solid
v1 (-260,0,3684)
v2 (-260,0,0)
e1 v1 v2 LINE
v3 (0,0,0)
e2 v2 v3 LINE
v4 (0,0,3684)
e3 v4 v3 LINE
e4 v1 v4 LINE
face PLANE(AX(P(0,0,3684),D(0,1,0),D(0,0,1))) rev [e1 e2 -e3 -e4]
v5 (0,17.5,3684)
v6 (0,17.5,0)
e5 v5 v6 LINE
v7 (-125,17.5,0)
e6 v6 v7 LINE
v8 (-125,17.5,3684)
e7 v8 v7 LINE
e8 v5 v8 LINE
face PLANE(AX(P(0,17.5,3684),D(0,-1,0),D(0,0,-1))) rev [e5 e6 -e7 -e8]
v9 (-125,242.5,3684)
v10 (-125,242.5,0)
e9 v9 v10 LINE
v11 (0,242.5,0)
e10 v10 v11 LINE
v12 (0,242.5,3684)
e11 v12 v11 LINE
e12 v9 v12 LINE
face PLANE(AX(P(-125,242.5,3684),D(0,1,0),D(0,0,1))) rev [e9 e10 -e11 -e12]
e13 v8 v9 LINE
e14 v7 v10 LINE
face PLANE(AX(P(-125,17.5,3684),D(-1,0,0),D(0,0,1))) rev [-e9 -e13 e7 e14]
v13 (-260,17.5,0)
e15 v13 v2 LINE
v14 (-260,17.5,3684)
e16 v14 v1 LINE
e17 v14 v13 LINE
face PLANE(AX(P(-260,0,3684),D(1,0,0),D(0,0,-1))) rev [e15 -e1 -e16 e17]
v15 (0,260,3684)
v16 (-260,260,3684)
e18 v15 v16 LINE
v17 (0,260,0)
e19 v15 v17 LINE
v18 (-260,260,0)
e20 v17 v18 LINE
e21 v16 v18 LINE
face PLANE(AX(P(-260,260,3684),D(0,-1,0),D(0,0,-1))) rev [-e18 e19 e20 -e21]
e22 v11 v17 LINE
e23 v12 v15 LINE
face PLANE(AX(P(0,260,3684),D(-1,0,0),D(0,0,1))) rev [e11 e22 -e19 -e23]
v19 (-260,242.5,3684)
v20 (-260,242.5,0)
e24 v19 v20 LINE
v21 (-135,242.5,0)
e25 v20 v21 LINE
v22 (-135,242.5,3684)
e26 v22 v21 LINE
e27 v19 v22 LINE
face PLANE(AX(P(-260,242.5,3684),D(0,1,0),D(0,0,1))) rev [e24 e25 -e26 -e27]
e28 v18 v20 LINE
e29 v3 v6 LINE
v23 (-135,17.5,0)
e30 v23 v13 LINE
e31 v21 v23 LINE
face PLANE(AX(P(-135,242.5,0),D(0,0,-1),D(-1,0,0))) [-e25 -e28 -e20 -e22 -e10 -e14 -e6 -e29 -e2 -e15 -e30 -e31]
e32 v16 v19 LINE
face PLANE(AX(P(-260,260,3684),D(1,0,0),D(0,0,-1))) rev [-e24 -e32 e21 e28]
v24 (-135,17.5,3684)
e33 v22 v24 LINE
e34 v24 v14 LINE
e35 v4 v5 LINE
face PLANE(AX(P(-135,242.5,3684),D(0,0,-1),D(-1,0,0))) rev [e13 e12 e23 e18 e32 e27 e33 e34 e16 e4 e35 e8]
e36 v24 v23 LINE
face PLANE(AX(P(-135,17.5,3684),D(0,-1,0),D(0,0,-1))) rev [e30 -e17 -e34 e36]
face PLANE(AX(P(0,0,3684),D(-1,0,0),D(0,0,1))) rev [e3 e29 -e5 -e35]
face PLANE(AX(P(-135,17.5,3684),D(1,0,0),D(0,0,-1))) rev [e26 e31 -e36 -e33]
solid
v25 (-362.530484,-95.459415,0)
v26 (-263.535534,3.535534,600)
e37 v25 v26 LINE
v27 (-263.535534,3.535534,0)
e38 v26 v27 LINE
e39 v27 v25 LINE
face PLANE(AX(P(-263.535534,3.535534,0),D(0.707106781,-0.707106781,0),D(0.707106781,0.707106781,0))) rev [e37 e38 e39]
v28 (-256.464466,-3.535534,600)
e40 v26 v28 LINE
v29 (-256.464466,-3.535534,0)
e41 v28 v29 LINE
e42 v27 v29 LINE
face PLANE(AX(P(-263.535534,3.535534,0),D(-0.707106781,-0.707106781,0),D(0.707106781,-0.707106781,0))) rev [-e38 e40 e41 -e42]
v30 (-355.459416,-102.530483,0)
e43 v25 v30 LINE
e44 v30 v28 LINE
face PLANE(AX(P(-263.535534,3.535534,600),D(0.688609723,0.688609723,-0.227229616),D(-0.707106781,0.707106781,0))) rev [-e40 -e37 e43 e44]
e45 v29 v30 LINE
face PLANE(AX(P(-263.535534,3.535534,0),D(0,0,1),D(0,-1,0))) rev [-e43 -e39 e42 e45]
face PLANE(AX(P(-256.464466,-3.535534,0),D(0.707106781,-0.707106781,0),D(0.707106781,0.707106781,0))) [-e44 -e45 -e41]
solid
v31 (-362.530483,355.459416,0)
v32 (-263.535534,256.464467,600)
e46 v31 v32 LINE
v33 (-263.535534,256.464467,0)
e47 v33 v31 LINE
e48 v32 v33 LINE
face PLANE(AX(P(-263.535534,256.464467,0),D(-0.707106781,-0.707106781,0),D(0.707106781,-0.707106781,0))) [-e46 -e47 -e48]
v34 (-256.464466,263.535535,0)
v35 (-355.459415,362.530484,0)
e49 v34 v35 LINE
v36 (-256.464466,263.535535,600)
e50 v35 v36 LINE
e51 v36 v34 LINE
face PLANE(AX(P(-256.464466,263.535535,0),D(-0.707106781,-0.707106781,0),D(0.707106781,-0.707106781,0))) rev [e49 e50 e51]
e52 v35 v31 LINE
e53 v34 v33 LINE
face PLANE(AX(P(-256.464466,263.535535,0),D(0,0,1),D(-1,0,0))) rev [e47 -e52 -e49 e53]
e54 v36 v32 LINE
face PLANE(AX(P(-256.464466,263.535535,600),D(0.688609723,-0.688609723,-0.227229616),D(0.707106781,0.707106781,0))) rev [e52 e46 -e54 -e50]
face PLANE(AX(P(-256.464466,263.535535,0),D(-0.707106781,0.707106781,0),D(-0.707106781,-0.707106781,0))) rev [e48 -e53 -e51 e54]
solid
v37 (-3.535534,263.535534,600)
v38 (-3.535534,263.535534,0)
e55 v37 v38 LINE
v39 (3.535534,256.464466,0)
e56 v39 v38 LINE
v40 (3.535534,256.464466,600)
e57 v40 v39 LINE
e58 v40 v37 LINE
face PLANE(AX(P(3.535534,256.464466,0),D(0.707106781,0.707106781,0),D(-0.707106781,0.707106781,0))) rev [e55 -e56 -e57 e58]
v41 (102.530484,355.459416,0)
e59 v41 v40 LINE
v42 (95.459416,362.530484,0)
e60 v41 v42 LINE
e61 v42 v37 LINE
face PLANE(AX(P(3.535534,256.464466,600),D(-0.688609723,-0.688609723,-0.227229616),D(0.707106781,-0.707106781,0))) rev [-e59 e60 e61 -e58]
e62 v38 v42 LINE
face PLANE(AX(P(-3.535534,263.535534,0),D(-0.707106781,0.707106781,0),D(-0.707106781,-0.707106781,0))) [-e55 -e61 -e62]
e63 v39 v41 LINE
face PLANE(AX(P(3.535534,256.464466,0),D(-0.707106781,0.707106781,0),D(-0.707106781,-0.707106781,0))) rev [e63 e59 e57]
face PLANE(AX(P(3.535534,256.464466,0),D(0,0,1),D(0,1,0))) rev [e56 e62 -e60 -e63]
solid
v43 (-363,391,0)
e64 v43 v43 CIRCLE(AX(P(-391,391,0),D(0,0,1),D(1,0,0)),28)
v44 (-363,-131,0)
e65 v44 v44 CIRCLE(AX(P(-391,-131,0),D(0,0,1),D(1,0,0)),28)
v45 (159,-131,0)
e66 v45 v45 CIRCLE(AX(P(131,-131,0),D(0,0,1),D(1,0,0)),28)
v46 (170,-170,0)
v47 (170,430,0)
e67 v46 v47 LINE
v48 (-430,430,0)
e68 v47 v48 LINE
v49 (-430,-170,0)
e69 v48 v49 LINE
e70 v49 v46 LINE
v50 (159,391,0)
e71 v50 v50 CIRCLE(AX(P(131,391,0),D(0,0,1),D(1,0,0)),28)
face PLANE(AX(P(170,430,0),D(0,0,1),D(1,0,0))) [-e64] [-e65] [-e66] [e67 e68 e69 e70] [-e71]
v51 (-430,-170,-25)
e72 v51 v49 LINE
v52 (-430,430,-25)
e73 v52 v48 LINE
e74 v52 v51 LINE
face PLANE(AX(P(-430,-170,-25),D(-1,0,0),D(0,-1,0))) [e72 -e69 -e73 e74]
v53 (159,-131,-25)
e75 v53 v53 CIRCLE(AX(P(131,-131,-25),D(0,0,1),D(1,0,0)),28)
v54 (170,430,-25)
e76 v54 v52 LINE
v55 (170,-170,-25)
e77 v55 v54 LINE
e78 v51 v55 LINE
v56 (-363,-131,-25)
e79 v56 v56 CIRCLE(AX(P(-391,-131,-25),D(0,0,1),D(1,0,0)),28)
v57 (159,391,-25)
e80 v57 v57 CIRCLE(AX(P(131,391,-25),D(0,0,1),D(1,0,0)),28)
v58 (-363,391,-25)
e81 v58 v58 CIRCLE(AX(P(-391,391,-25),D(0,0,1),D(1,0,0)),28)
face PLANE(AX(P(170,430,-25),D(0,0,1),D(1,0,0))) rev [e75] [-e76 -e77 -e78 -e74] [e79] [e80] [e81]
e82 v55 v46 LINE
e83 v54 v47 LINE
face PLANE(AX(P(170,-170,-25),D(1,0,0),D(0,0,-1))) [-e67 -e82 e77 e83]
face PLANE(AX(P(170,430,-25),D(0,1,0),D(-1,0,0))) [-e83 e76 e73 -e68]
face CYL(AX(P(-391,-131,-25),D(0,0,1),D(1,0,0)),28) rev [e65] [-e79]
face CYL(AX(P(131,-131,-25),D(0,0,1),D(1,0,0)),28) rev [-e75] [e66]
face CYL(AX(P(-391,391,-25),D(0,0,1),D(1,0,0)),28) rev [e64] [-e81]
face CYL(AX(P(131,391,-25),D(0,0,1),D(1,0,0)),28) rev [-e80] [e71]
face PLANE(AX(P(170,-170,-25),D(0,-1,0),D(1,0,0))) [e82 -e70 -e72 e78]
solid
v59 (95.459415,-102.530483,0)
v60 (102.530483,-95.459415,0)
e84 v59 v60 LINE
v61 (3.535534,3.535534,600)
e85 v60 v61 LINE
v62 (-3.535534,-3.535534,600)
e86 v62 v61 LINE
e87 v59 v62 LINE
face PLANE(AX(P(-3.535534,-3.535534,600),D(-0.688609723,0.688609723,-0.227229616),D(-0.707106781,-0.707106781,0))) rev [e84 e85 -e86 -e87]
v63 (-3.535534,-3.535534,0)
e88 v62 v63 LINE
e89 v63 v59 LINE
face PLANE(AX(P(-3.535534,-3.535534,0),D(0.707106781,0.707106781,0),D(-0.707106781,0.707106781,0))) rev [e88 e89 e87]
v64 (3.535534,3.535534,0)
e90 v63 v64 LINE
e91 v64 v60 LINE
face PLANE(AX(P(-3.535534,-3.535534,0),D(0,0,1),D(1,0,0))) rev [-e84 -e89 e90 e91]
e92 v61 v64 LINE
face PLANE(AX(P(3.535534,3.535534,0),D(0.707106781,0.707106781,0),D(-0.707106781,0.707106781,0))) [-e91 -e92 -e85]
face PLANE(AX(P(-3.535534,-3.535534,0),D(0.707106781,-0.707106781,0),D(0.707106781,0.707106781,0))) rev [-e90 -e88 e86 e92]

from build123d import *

# Parameters (mm, degrees)
BOSS_EXTRUDE1_DEPTH = 3684
SKETCH3_W           = 600
SKETCH3_H           = 600
BOSS_EXTRUDE2_DEPTH = 25
BOSS_EXTRUDE5_DEPTH = 5
CIRPATTERN3_COUNT   = 4
SKETCH6_R           = 28
CUT_EXTRUDE1_DEPTH  = 3734.852701969


with BuildPart() as part:
    # Sketch1 → Boss-Extrude1 (new body)
    with BuildSketch(Plane.XY):
        Polygon((-125, 242.5), (0, 242.5), (0, 260.0000001), (-260, 260.0000001), (-260, 242.5), (-135, 242.5), (-135, 17.5), (-260, 17.5), (-260, 0), (0, 0), (0, 17.5), (-125, 17.5), align=None)
    extrude(amount=BOSS_EXTRUDE1_DEPTH)


with BuildPart() as body_2:
    # Sketch3 → Boss-Extrude2 (new body)
    with BuildSketch(Plane.XY):
        with Locations((-130, 130)):
            Rectangle(SKETCH3_W, SKETCH3_H)
    extrude(amount=-BOSS_EXTRUDE2_DEPTH)

    # Sketch6 → Cut-Extrude1 (cut, through all)
    with BuildSketch(Plane.XY):
        with Locations((-391, 391)):
            Circle(SKETCH6_R)
        with Locations((131, 391)):
            Circle(SKETCH6_R)
        with Locations((131, -131)):
            Circle(SKETCH6_R)
        with Locations((-391, -131)):
            Circle(SKETCH6_R)
    extrude(amount=-CUT_EXTRUDE1_DEPTH, mode=Mode.SUBTRACT)


with BuildPart() as body_3:
    # Sketch5 → Boss-Extrude5 (new, symmetric)
    with BuildSketch(Plane(origin=(0, 0, 0), x_dir=(0.7071067811865477, -0.7071067811865475, 0), z_dir=(-0.7071067811865475, -0.7071067811865477, 0))):
        Polygon((0, 0), (140, 0), (0, 600), align=None)
    extrude(amount=BOSS_EXTRUDE5_DEPTH, both=True)


with BuildPart() as cirpattern3_1:
    # CirPattern3: pattern copy
    add(body_3.part.rotate(Axis((-130, 130.000000298, 3684), (0, 0, -1)), 1 * 360 / CIRPATTERN3_COUNT))


with BuildPart() as cirpattern3_2:
    # CirPattern3: pattern copy
    add(body_3.part.rotate(Axis((-130, 130.000000298, 3684), (0, 0, -1)), 2 * 360 / CIRPATTERN3_COUNT))


with BuildPart() as cirpattern3_3:
    # CirPattern3: pattern copy
    add(body_3.part.rotate(Axis((-130, 130.000000298, 3684), (0, 0, -1)), 3 * 360 / CIRPATTERN3_COUNT))


solid = Compound([part.part, body_2.part, body_3.part, cirpattern3_1.part, cirpattern3_2.part, cirpattern3_3.part])
